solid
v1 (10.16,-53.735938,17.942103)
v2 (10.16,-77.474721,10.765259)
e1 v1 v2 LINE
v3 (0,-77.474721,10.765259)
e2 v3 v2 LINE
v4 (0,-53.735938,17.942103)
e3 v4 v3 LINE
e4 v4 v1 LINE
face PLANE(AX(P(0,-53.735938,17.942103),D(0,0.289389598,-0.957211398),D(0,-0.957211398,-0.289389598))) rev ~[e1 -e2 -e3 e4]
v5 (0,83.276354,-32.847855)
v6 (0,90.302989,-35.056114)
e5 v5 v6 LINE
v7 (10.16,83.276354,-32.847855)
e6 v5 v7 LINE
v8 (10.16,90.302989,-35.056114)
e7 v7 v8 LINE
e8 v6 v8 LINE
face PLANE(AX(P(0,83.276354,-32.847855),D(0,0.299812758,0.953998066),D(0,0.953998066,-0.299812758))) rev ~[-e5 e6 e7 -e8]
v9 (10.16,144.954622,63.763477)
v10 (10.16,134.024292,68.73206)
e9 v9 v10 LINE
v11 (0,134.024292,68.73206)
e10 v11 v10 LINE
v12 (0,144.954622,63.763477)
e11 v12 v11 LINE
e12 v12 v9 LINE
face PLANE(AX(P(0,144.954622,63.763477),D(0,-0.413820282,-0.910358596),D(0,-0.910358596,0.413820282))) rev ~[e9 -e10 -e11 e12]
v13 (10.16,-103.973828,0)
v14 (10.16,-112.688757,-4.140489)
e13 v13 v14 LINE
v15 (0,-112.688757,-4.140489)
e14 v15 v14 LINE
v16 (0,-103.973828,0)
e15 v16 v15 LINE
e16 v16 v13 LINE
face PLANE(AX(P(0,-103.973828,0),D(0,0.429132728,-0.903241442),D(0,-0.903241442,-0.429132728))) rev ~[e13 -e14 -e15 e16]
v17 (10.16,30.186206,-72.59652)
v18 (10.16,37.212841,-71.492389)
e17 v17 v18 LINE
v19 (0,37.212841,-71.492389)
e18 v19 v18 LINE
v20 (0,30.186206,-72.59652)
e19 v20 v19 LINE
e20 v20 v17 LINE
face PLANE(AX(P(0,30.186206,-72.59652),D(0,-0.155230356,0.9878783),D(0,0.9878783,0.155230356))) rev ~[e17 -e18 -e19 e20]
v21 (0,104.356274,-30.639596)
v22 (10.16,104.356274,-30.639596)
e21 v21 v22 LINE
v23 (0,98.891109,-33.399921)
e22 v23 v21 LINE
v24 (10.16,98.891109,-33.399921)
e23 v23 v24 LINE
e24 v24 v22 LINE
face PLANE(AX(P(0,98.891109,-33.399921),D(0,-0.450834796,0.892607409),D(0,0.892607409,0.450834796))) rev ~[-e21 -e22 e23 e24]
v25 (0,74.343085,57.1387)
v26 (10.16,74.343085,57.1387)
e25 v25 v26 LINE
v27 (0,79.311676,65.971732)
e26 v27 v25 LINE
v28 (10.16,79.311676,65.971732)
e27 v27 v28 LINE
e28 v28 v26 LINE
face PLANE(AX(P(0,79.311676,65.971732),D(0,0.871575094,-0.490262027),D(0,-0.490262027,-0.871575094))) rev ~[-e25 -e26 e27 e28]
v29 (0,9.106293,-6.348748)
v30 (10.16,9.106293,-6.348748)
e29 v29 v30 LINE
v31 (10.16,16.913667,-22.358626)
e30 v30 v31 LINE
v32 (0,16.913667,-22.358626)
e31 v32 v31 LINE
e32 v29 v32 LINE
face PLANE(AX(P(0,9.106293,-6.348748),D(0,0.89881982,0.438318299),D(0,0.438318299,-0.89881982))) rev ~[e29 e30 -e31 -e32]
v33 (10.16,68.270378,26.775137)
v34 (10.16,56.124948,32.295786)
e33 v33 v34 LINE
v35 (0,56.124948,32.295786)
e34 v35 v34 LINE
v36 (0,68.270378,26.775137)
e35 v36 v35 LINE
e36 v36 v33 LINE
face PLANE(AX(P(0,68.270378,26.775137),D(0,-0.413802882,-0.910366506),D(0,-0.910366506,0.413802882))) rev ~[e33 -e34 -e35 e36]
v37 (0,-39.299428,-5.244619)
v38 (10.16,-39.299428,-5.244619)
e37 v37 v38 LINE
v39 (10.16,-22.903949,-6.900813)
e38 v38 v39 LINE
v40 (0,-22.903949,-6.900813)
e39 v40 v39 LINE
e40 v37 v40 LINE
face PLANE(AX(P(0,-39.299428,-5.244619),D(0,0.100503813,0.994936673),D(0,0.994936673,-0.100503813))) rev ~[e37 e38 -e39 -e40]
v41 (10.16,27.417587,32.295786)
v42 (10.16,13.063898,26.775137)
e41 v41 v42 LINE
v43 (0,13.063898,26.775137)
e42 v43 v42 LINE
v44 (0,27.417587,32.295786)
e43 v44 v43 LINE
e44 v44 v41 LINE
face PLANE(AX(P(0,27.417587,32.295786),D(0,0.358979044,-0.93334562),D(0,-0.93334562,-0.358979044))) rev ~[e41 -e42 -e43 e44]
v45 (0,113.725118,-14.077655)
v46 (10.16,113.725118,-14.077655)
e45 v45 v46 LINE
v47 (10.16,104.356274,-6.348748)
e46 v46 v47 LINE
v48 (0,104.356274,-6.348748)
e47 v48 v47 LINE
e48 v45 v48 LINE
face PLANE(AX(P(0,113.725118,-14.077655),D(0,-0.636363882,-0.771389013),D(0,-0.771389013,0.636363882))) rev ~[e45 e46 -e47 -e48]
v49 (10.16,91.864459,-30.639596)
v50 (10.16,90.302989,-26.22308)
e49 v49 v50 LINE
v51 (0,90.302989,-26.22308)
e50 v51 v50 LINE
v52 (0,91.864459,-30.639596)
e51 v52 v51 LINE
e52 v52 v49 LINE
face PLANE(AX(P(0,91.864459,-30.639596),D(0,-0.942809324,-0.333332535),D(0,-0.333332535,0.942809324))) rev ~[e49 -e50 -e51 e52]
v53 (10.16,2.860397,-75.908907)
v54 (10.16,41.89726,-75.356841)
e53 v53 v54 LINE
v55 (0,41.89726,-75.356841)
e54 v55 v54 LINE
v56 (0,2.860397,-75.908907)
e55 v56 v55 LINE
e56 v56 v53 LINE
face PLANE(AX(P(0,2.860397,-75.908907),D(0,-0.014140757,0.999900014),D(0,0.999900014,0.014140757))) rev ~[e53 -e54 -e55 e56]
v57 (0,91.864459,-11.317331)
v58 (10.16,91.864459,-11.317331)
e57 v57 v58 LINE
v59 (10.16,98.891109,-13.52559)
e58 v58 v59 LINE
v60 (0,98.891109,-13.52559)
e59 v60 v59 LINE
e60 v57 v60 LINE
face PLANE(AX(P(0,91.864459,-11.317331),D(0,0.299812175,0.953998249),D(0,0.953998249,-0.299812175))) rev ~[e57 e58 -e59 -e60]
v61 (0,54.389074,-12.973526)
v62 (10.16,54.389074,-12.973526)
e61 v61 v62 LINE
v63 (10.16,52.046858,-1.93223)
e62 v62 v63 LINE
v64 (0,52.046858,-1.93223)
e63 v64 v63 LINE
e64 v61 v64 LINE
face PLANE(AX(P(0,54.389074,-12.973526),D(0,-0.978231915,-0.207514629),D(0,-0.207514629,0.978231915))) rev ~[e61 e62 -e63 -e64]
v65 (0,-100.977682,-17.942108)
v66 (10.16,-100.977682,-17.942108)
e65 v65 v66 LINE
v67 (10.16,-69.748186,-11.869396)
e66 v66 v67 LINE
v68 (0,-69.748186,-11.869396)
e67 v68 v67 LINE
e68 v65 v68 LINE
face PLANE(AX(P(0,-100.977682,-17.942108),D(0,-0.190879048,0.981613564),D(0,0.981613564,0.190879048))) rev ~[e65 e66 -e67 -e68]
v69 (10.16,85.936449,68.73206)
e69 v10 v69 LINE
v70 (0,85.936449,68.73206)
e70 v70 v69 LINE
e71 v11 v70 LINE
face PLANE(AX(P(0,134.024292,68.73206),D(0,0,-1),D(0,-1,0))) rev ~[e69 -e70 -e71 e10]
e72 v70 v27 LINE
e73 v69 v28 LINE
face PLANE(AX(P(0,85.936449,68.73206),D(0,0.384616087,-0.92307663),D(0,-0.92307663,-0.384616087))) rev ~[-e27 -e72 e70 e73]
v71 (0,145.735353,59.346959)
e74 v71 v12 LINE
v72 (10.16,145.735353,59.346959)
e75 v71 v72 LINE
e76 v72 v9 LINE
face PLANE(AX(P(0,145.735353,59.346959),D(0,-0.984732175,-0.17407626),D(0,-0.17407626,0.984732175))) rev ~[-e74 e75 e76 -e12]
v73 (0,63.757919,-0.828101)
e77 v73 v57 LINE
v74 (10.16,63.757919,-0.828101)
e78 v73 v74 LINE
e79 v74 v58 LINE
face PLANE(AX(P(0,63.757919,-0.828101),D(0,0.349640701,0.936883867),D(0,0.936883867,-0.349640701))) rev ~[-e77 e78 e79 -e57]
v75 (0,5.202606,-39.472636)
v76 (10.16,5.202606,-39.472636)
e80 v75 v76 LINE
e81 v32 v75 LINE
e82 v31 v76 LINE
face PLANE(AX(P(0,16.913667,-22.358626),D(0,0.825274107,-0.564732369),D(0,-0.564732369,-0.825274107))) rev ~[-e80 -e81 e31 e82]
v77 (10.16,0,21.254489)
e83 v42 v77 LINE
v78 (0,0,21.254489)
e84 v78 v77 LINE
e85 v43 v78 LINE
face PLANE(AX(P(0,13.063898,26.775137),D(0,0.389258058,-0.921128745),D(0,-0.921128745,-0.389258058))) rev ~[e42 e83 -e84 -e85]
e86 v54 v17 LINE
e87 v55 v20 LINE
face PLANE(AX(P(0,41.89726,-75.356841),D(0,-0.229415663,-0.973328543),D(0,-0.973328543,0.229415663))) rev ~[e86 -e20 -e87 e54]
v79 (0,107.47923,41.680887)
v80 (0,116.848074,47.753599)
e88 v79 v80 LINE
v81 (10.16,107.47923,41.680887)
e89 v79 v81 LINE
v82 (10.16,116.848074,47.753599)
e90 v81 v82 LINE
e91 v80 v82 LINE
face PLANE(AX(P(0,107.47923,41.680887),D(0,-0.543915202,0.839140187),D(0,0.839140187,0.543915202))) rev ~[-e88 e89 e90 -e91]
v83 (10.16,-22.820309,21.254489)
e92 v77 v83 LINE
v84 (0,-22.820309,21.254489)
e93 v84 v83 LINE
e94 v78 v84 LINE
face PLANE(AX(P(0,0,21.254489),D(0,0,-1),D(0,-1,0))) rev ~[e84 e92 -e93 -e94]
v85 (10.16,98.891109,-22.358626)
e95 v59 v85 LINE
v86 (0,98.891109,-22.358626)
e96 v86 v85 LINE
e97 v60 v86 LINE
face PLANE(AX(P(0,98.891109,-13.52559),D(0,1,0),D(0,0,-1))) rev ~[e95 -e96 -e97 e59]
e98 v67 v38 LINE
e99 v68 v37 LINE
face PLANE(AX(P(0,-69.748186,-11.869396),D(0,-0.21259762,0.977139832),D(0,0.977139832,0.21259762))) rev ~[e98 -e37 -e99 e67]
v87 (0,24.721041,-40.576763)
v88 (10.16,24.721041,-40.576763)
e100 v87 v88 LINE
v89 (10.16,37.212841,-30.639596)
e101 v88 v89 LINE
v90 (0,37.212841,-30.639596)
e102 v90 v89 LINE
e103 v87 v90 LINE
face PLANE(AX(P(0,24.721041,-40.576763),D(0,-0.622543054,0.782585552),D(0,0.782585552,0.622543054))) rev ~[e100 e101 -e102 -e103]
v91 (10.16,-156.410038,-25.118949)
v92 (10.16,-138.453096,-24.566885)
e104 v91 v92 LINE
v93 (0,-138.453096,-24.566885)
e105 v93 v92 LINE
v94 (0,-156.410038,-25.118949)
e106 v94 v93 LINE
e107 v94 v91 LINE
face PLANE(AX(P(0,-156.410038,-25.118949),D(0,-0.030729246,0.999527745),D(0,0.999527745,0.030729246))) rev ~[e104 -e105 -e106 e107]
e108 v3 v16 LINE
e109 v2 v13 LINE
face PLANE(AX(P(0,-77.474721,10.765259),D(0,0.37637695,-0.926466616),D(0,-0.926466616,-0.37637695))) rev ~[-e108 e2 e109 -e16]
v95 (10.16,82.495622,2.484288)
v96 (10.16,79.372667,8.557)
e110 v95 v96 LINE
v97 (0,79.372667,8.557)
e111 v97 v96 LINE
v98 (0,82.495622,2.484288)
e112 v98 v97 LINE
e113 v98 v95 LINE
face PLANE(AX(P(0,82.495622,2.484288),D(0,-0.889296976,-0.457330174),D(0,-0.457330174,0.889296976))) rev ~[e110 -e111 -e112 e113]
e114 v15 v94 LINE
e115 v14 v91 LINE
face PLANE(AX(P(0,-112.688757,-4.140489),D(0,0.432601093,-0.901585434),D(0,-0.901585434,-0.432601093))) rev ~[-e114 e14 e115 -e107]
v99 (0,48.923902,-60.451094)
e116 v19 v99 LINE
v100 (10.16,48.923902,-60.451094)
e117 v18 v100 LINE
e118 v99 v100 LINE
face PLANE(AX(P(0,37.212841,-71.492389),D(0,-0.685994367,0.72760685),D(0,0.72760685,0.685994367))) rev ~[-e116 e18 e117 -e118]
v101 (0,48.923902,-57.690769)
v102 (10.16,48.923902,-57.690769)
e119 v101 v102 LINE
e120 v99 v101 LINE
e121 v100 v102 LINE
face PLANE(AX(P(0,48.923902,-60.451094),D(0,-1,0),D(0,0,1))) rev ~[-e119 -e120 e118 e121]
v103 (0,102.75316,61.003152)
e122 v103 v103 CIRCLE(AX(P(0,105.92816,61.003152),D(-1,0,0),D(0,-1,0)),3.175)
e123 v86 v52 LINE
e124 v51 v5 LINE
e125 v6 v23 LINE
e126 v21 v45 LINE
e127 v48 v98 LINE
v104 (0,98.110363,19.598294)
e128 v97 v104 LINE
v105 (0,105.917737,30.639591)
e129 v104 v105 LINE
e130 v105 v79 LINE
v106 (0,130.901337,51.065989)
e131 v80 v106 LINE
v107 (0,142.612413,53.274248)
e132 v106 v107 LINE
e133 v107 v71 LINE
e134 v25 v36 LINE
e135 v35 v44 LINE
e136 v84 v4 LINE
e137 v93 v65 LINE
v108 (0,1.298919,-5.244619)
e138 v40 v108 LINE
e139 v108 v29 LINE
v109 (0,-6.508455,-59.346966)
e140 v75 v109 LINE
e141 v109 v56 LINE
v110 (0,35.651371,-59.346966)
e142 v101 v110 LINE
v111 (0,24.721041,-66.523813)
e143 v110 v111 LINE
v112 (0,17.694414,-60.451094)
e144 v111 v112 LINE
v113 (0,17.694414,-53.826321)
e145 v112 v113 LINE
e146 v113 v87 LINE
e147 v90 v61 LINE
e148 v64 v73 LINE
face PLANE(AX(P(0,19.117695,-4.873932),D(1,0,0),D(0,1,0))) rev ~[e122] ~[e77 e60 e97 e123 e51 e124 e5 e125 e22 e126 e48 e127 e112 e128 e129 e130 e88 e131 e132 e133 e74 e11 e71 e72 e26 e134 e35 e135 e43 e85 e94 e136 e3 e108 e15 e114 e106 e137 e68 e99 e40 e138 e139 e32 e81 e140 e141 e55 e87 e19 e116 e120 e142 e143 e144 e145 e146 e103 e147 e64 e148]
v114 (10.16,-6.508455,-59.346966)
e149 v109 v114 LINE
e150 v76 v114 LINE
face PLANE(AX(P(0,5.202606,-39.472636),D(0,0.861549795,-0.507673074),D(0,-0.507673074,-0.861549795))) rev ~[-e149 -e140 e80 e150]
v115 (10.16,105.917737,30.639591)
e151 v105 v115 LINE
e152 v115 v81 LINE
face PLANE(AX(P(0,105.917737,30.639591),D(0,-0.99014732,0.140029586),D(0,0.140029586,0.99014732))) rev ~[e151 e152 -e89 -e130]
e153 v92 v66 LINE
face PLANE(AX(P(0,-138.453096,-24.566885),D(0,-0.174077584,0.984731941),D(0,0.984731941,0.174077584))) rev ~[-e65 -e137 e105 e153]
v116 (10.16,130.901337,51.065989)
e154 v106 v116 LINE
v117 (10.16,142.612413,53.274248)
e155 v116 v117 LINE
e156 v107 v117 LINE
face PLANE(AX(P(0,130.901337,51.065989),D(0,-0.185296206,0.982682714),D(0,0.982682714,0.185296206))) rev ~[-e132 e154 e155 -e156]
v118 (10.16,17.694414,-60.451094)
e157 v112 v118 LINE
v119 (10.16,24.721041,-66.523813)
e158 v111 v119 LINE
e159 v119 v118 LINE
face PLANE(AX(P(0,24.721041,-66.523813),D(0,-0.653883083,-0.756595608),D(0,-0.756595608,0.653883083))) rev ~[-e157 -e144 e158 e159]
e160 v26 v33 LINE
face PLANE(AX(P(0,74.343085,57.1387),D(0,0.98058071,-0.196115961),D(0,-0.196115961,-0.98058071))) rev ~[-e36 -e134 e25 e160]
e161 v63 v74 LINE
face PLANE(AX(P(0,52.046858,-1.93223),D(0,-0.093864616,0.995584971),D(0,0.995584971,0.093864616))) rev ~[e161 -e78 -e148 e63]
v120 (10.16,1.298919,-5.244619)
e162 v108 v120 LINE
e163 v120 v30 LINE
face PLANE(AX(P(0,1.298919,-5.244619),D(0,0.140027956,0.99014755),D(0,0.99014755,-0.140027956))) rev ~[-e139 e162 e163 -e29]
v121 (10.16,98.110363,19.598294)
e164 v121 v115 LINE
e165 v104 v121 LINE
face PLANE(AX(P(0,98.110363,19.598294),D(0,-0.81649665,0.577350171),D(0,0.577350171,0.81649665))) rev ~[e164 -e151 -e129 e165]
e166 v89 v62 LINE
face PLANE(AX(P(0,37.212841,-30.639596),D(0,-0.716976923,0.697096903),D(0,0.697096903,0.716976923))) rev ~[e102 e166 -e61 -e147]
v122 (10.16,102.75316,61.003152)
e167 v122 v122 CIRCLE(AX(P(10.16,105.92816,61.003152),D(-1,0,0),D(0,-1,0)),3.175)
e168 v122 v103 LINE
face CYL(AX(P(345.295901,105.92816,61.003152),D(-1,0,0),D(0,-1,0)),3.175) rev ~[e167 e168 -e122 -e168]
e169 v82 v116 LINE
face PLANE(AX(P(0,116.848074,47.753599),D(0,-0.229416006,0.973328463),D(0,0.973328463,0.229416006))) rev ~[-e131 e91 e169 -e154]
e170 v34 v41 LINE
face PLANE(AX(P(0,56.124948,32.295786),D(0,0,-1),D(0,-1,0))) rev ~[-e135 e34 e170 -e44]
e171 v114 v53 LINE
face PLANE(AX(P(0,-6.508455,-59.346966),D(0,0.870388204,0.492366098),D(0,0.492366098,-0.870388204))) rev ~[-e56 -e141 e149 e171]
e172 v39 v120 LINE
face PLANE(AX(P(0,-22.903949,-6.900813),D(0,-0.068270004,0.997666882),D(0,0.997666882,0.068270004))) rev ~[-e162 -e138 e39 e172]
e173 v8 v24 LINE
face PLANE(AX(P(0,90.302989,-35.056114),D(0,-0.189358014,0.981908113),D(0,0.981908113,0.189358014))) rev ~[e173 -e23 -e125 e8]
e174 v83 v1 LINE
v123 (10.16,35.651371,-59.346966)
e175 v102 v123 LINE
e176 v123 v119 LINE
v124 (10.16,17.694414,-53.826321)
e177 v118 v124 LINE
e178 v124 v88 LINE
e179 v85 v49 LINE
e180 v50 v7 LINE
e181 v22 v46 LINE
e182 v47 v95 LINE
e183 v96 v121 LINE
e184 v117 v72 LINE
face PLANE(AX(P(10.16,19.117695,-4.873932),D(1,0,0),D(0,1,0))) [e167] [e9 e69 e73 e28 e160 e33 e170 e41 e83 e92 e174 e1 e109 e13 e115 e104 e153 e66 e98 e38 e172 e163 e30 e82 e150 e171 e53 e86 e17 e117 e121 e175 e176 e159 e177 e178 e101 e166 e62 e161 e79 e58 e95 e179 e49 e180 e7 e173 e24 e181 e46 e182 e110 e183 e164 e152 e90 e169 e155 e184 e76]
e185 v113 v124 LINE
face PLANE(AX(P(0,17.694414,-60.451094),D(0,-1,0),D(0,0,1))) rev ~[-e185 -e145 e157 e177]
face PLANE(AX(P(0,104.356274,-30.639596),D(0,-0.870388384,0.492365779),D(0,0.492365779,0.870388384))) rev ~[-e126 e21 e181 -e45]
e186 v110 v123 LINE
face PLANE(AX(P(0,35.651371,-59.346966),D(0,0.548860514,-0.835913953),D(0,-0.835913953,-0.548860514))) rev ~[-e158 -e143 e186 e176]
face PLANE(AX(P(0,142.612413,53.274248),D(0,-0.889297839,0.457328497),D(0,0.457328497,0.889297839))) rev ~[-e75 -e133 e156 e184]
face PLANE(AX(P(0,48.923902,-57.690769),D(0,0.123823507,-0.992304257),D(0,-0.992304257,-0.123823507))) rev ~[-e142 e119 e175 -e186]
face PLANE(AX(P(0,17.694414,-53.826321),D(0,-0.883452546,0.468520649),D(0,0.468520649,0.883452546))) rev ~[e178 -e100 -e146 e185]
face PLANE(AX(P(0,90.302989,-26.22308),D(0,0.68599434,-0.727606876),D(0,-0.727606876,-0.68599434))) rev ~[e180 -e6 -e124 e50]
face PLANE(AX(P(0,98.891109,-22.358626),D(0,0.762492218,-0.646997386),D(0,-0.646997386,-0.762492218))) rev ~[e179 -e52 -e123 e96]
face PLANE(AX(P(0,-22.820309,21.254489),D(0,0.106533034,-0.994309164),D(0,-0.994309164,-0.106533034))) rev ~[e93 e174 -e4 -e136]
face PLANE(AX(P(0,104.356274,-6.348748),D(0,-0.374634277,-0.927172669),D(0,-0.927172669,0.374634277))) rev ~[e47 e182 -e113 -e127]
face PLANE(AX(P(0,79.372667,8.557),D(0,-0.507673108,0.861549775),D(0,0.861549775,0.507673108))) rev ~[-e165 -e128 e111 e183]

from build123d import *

# Parameters (mm, degrees)
F1_DEPTH = 10.16
F3_D     = 6.35


with BuildPart() as f1:
    # F0 (on Right) → F1 (new body)
    with BuildSketch(Plane.YZ):
        Polygon((-77.474721, 10.765259), (-103.973828, 0), (-112.688757, -4.140489), (-156.410038, -25.118949), (-138.453096, -24.566885), (-100.977682, -17.942108), (-69.748186, -11.869396), (-39.299428, -5.244619), (-22.903949, -6.900813), (1.298919, -5.244619), (9.106293, -6.348748), (16.913667, -22.358626), (5.202606, -39.472636), (-6.508455, -59.346966), (2.860397, -75.908907), (41.89726, -75.356841), (30.186206, -72.59652), (37.212841, -71.492389), (48.923902, -60.451094), (48.923902, -57.690769), (35.651371, -59.346966), (24.721041, -66.523813), (17.694414, -60.451094), (17.694414, -53.826321), (24.721041, -40.576763), (37.212841, -30.639596), (54.389074, -12.973526), (52.046858, -1.93223), (63.757919, -0.828101), (91.864459, -11.317331), (98.891109, -13.52559), (98.891109, -22.358626), (91.864459, -30.639596), (90.302989, -26.22308), (83.276354, -32.847855), (90.302989, -35.056114), (98.891109, -33.399921), (104.356274, -30.639596), (113.725118, -14.077655), (104.356274, -6.348748), (82.495622, 2.484288), (79.372667, 8.557), (98.110363, 19.598294), (105.917737, 30.639591), (107.47923, 41.680887), (116.848074, 47.753599), (130.901337, 51.065989), (142.612413, 53.274248), (145.735353, 59.346959), (144.954622, 63.763477), (134.024292, 68.73206), (85.936449, 68.73206), (79.311676, 65.971732), (74.343085, 57.1387), (68.270378, 26.775137), (56.124948, 32.295786), (39.010942, 32.295786), (27.417587, 32.295786), (13.063898, 26.775137), (0, 21.254489), (-22.820309, 21.254489), (-53.735938, 17.942103), align=None)
    extrude(amount=F1_DEPTH)

    # F3 (through all)
    with Locations(Plane.YZ.offset(10.16)):
        with Locations((105.92816, 61.003152)):
            Hole(F3_D / 2)


solid = f1.part
